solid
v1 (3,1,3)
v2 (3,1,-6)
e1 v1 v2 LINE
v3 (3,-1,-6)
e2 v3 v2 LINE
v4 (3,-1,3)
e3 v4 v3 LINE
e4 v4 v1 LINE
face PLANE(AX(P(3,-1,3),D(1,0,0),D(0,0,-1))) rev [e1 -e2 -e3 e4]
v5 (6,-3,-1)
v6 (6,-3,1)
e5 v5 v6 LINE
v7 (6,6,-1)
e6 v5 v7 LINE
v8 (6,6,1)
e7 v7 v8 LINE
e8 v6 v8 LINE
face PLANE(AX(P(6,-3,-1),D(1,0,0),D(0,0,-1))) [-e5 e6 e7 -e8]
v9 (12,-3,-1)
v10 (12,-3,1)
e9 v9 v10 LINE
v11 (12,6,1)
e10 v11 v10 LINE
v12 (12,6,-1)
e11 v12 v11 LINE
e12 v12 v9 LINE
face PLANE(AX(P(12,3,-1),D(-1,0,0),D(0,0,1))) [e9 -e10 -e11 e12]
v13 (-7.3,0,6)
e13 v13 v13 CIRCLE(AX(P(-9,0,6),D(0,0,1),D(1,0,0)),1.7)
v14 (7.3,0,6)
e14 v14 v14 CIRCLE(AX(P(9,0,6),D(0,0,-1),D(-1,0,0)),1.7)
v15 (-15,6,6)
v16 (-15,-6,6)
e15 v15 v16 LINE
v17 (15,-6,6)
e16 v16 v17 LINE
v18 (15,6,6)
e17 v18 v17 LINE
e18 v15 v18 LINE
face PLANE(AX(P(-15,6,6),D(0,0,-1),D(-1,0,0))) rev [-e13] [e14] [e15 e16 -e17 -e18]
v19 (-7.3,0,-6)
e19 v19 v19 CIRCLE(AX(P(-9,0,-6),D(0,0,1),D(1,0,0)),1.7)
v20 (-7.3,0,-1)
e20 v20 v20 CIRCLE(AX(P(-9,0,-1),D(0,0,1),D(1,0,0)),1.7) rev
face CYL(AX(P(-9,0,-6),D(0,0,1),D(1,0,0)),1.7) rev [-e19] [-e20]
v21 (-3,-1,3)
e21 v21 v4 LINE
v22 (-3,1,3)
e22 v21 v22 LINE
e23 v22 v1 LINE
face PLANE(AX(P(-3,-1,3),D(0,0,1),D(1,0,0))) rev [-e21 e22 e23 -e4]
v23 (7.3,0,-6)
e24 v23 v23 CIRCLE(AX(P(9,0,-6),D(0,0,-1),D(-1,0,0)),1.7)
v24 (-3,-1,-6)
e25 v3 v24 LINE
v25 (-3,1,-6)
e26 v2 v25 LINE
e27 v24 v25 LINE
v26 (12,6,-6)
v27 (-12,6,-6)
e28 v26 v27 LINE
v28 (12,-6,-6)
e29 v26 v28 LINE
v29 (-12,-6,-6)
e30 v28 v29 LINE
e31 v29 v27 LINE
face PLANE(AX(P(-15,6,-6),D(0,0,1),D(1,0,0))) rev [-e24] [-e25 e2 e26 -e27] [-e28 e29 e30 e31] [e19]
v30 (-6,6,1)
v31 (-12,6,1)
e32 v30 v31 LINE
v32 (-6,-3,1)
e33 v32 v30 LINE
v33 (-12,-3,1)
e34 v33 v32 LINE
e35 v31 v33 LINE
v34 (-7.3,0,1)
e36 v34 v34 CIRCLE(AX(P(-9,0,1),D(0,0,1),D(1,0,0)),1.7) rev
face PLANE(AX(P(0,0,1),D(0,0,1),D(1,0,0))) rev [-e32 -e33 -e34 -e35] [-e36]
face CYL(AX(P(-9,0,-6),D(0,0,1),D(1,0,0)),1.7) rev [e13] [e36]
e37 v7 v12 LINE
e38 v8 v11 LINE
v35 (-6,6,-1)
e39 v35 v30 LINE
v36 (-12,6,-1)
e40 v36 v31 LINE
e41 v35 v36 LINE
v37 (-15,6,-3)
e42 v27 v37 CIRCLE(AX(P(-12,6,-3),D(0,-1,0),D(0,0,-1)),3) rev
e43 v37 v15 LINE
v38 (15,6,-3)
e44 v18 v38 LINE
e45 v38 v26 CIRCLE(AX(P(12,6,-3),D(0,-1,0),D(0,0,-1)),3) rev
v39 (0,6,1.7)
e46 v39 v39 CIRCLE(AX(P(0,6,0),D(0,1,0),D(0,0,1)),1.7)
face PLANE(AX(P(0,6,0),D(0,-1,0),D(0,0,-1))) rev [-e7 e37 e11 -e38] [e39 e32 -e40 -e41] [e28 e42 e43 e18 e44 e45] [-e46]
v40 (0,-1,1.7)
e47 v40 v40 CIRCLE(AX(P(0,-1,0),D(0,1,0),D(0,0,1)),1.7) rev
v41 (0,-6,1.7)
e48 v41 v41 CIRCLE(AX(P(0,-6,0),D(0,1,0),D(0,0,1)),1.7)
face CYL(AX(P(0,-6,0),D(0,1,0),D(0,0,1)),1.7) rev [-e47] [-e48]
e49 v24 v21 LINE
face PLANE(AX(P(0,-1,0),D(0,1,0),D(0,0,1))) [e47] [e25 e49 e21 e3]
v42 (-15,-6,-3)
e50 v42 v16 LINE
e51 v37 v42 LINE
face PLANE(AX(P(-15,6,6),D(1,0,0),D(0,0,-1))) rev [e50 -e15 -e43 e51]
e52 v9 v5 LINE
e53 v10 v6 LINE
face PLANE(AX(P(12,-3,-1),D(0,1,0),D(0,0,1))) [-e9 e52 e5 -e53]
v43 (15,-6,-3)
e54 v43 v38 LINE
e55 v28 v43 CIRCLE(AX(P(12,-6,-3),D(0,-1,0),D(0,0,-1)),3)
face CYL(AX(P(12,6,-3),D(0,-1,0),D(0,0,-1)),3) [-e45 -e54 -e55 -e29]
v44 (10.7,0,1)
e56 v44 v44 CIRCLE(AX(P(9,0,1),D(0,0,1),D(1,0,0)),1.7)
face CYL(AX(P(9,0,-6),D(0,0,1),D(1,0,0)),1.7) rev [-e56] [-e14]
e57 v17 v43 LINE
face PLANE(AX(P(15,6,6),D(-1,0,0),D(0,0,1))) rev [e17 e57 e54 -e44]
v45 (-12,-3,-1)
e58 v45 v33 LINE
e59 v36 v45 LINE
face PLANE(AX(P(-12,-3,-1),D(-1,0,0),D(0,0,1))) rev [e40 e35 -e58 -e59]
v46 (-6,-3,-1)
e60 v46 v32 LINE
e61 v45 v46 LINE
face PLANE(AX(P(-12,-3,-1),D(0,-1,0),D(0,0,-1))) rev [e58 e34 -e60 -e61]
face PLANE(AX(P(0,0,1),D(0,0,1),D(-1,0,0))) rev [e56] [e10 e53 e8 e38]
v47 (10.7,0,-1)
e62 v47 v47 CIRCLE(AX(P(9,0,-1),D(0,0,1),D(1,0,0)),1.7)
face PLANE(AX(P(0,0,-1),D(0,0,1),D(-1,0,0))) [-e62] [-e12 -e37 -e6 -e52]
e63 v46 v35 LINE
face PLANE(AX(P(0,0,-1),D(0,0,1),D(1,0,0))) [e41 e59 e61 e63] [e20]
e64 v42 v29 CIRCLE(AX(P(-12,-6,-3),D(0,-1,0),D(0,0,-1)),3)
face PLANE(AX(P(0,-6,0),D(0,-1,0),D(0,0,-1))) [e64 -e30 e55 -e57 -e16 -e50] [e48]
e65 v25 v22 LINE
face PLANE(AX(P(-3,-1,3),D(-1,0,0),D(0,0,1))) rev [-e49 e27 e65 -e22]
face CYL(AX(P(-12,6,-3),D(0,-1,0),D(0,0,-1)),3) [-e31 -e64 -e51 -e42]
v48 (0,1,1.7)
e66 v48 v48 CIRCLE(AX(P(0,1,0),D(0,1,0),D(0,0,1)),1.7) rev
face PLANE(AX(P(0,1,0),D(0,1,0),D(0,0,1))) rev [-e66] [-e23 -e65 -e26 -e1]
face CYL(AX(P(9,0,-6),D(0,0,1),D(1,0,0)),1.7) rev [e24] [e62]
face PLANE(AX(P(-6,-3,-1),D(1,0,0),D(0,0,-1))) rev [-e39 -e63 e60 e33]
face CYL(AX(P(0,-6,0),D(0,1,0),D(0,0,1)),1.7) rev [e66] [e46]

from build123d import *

# Parameters (mm, degrees)
SKETCH1_W           = 30
SKETCH1_H           = 12
BOSS_EXTRUDE1_DEPTH = 6
SKETCH2_R           = 1.7
CUT_EXTRUDE1_DEPTH  = 21.124611797
CUT_EXTRUDE2_DEPTH  = 1
SKETCH4_R           = 1.7
CUT_EXTRUDE3_DEPTH  = 21.124611797
CUT_EXTRUDE4_DEPTH  = 1
FILLET1_R           = 3


with BuildPart() as part:
    # Sketch1 → Boss-Extrude1 (new, symmetric)
    with BuildSketch(Plane(origin=(0, 0, 0), x_dir=(1, 0, 0), z_dir=(0, 1, 0))):
        Rectangle(SKETCH1_W, SKETCH1_H)
    extrude(amount=BOSS_EXTRUDE1_DEPTH, both=True)

    # Sketch2 → Cut-Extrude1 (cut, through all)
    with BuildSketch(Plane.XY.offset(6)):
        with Locations((-9, 0)):
            Circle(SKETCH2_R)
    cut_extrude1 = extrude(amount=-CUT_EXTRUDE1_DEPTH, mode=Mode.SUBTRACT)

    # Sketch3 → Cut-Extrude2 (cut, symmetric)
    with BuildSketch(Plane.XY):
        Polygon((-12, 3), (-12, 6), (-6, 6), (-6, 3), (-6, -3), (-12, -3), align=None)
    cut_extrude2 = extrude(amount=CUT_EXTRUDE2_DEPTH, both=True, mode=Mode.SUBTRACT)

    # Mirror1: Cut-Extrude1, Cut-Extrude2 across plane
    add(cut_extrude1.mirror(Plane(origin=(0, 0, 0), x_dir=(0, 0, 1), z_dir=(1, 0, 0))), mode=Mode.SUBTRACT)
    add(cut_extrude2.mirror(Plane(origin=(0, 0, 0), x_dir=(0, 0, 1), z_dir=(1, 0, 0))), mode=Mode.SUBTRACT)

    # Sketch4 → Cut-Extrude3 (cut, through all)
    with BuildSketch(Plane(origin=(0, 6, 0), x_dir=(1, 0, 0), z_dir=(0, 1, 0))):
        with Locations(Location((0, 0, 0), (0, 0, 270))):
            Circle(SKETCH4_R)
    extrude(amount=-CUT_EXTRUDE3_DEPTH, mode=Mode.SUBTRACT)

    # Sketch5 → Cut-Extrude4 (cut, symmetric)
    with BuildSketch(Plane(origin=(0, 0, 0), x_dir=(1, 0, 0), z_dir=(0, 1, 0))):
        Polygon((-3, 3), (-3, 6), (3, 6), (3, 3), (3, -3), (-3, -3), align=None)
    extrude(amount=CUT_EXTRUDE4_DEPTH, both=True, mode=Mode.SUBTRACT)

    # Fillet1
    fillet1_edges = [part.edges().sort_by_distance(p)[0] for p in [
        (-15, 0, -6),
        (15, 0, -6),
    ]]
    fillet(fillet1_edges, radius=FILLET1_R)


solid = part.part
